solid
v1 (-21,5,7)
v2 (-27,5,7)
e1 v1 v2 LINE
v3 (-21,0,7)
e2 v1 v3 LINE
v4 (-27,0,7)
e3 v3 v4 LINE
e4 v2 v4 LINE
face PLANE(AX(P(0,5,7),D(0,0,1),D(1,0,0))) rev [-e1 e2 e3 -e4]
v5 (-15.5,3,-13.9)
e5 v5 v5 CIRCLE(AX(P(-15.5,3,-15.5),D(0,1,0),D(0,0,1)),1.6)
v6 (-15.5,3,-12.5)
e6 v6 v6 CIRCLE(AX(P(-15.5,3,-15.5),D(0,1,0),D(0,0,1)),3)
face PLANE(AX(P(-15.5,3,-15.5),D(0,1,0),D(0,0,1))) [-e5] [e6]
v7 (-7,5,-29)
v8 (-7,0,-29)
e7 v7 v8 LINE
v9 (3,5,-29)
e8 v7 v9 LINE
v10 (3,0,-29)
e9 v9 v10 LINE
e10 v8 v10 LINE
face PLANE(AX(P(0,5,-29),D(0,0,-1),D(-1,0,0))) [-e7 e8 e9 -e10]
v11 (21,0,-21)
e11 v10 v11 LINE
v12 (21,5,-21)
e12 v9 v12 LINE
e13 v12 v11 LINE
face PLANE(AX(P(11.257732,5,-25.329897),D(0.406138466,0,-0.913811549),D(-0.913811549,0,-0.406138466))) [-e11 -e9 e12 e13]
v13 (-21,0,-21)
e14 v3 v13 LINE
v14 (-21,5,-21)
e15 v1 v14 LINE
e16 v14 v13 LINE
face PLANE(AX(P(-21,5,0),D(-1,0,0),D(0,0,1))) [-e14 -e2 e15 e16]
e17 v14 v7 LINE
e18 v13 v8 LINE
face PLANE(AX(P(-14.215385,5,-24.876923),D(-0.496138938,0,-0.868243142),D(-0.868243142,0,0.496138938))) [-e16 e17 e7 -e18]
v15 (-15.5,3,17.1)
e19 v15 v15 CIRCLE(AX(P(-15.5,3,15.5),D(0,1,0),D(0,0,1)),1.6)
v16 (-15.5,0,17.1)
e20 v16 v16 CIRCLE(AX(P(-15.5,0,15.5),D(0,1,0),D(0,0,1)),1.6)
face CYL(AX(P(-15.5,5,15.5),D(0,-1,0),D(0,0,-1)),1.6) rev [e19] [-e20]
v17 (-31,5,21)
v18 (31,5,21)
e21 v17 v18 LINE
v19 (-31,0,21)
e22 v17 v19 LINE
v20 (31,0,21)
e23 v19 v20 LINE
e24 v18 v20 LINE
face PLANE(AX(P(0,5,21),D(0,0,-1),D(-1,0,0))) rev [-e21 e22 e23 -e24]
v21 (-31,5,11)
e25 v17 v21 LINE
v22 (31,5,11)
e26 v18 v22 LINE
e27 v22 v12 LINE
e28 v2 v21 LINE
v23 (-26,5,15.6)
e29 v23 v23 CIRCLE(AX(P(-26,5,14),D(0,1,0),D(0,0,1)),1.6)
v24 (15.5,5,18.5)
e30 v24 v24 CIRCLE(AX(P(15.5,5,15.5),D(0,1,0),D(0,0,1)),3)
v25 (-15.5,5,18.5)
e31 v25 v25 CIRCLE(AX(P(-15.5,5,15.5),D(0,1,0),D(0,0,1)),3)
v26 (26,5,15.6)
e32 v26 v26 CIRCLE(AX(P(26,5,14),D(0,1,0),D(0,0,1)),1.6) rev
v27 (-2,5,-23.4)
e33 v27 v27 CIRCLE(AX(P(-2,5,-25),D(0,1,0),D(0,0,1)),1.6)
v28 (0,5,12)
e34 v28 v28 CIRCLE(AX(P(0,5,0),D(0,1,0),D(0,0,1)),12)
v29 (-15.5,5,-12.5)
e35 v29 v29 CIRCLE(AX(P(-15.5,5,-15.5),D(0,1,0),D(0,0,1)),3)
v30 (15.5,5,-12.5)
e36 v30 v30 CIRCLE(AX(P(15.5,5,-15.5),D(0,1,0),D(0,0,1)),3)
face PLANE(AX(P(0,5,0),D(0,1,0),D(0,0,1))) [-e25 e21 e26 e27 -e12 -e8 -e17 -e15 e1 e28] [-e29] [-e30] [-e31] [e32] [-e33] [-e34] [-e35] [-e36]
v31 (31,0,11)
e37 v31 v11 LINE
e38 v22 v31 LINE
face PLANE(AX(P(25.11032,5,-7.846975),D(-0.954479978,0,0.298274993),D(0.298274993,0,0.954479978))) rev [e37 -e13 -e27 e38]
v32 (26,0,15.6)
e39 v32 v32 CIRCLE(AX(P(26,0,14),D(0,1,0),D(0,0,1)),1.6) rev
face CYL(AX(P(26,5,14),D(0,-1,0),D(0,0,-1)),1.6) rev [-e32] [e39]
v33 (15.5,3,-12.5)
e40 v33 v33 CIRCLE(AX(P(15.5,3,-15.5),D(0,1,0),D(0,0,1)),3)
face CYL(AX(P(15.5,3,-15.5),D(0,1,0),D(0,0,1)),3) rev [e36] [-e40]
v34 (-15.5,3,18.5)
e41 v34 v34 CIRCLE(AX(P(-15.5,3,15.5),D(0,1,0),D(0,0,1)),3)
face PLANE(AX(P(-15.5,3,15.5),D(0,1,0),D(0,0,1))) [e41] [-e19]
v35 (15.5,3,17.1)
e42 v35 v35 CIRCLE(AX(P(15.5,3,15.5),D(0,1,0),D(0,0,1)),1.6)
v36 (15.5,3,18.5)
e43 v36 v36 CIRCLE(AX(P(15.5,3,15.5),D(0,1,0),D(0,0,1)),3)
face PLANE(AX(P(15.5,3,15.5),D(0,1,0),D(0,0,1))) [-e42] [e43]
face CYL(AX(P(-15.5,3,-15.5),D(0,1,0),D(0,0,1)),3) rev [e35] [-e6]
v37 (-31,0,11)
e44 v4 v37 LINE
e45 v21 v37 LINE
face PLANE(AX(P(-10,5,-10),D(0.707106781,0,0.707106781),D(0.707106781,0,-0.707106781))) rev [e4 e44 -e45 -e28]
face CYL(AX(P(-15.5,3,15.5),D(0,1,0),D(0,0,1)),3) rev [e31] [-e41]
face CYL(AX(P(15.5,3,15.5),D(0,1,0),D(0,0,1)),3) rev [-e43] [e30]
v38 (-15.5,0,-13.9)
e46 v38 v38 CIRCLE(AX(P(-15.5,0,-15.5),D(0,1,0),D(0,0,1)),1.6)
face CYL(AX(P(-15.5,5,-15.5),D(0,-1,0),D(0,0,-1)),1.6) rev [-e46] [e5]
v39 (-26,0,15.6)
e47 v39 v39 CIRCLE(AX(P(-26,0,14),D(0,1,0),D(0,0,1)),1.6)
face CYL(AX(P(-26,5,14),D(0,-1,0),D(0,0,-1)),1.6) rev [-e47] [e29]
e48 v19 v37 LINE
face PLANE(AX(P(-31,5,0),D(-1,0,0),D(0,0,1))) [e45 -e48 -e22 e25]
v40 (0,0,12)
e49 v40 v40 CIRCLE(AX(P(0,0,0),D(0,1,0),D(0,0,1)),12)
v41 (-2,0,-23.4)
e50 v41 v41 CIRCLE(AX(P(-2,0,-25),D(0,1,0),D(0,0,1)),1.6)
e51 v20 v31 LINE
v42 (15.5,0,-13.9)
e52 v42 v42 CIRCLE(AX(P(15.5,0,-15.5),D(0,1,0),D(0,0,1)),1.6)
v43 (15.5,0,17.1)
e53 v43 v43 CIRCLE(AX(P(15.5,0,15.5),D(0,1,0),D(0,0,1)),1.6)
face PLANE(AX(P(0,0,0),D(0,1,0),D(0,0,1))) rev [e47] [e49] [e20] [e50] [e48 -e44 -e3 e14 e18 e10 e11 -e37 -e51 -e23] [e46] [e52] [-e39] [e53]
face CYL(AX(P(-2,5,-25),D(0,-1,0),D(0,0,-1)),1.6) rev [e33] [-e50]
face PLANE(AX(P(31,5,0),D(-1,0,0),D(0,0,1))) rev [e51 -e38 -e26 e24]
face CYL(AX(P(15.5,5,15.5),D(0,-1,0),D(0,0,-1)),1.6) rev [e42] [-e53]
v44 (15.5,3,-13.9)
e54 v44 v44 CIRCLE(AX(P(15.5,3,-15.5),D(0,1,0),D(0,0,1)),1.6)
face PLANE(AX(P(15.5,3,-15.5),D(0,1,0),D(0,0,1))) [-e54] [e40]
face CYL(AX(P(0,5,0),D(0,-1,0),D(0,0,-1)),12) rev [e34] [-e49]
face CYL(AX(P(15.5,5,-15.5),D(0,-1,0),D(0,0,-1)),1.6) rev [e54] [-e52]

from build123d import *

# Parameters (mm, degrees)
SKETCH1_W           = 42
SKETCH1_H           = 42
SKETCH1_R           = 12
SKETCH1_R_2         = 1.6
BOSS_EXTRUDE1_DEPTH = 5
SKETCH3_R           = 3
CUT_EXTRUDE1_DEPTH  = 2


with BuildPart() as part:
    # Sketch1 → Boss-Extrude1 (new body)
    with BuildSketch(Plane(origin=(0, 0, 0), x_dir=(1, 0, 0), z_dir=(0, 1, 0))):
        Rectangle(SKETCH1_W, SKETCH1_H)
        Circle(SKETCH1_R, mode=Mode.SUBTRACT)
        with Locations((15.5, 15.5)):
            Circle(SKETCH1_R_2, mode=Mode.SUBTRACT)
        with Locations((-15.5, 15.5)):
            Circle(SKETCH1_R_2, mode=Mode.SUBTRACT)
        with Locations((-15.5, -15.5)):
            Circle(SKETCH1_R_2, mode=Mode.SUBTRACT)
        with Locations((15.5, -15.5)):
            Circle(SKETCH1_R_2, mode=Mode.SUBTRACT)
        Polygon((-31, -21), (-21, -21), (-21, -7), (-27, -7), (-31, -11), align=None)
        with Locations((-26, -14)):
            Circle(SKETCH1_R_2, mode=Mode.SUBTRACT)
        Polygon((21, -7), (21, -21), (31, -21), (31, -11), (27, -7), align=None)
        with Locations((26, -14)):
            Circle(SKETCH1_R_2, mode=Mode.SUBTRACT)
        Polygon((-7, 29), (-11, 21), (7, 21), (3, 29), align=None)
        with Locations((-2, 25)):
            Circle(SKETCH1_R_2, mode=Mode.SUBTRACT)
        Polygon((21, 21), (21, -7), (27, -7), (31, -11), align=None)
        Polygon((-7, 29), (-21, 21), (-11, 21), align=None)
        Polygon((7, 21), (21, 21), (3, 29), align=None)
    extrude(amount=BOSS_EXTRUDE1_DEPTH)

    # Sketch3 → Cut-Extrude1 (cut)
    with BuildSketch(Plane(origin=(0, 5, 0), x_dir=(1, 0, 0), z_dir=(0, 1, 0))):
        with Locations((-15.5, 15.5)):
            Circle(SKETCH3_R)
        with Locations((15.5, 15.5)):
            Circle(SKETCH3_R)
        with Locations((15.5, -15.5)):
            Circle(SKETCH3_R)
        with Locations((-15.5, -15.5)):
            Circle(SKETCH3_R)
    extrude(amount=-CUT_EXTRUDE1_DEPTH, mode=Mode.SUBTRACT)


solid = part.part
